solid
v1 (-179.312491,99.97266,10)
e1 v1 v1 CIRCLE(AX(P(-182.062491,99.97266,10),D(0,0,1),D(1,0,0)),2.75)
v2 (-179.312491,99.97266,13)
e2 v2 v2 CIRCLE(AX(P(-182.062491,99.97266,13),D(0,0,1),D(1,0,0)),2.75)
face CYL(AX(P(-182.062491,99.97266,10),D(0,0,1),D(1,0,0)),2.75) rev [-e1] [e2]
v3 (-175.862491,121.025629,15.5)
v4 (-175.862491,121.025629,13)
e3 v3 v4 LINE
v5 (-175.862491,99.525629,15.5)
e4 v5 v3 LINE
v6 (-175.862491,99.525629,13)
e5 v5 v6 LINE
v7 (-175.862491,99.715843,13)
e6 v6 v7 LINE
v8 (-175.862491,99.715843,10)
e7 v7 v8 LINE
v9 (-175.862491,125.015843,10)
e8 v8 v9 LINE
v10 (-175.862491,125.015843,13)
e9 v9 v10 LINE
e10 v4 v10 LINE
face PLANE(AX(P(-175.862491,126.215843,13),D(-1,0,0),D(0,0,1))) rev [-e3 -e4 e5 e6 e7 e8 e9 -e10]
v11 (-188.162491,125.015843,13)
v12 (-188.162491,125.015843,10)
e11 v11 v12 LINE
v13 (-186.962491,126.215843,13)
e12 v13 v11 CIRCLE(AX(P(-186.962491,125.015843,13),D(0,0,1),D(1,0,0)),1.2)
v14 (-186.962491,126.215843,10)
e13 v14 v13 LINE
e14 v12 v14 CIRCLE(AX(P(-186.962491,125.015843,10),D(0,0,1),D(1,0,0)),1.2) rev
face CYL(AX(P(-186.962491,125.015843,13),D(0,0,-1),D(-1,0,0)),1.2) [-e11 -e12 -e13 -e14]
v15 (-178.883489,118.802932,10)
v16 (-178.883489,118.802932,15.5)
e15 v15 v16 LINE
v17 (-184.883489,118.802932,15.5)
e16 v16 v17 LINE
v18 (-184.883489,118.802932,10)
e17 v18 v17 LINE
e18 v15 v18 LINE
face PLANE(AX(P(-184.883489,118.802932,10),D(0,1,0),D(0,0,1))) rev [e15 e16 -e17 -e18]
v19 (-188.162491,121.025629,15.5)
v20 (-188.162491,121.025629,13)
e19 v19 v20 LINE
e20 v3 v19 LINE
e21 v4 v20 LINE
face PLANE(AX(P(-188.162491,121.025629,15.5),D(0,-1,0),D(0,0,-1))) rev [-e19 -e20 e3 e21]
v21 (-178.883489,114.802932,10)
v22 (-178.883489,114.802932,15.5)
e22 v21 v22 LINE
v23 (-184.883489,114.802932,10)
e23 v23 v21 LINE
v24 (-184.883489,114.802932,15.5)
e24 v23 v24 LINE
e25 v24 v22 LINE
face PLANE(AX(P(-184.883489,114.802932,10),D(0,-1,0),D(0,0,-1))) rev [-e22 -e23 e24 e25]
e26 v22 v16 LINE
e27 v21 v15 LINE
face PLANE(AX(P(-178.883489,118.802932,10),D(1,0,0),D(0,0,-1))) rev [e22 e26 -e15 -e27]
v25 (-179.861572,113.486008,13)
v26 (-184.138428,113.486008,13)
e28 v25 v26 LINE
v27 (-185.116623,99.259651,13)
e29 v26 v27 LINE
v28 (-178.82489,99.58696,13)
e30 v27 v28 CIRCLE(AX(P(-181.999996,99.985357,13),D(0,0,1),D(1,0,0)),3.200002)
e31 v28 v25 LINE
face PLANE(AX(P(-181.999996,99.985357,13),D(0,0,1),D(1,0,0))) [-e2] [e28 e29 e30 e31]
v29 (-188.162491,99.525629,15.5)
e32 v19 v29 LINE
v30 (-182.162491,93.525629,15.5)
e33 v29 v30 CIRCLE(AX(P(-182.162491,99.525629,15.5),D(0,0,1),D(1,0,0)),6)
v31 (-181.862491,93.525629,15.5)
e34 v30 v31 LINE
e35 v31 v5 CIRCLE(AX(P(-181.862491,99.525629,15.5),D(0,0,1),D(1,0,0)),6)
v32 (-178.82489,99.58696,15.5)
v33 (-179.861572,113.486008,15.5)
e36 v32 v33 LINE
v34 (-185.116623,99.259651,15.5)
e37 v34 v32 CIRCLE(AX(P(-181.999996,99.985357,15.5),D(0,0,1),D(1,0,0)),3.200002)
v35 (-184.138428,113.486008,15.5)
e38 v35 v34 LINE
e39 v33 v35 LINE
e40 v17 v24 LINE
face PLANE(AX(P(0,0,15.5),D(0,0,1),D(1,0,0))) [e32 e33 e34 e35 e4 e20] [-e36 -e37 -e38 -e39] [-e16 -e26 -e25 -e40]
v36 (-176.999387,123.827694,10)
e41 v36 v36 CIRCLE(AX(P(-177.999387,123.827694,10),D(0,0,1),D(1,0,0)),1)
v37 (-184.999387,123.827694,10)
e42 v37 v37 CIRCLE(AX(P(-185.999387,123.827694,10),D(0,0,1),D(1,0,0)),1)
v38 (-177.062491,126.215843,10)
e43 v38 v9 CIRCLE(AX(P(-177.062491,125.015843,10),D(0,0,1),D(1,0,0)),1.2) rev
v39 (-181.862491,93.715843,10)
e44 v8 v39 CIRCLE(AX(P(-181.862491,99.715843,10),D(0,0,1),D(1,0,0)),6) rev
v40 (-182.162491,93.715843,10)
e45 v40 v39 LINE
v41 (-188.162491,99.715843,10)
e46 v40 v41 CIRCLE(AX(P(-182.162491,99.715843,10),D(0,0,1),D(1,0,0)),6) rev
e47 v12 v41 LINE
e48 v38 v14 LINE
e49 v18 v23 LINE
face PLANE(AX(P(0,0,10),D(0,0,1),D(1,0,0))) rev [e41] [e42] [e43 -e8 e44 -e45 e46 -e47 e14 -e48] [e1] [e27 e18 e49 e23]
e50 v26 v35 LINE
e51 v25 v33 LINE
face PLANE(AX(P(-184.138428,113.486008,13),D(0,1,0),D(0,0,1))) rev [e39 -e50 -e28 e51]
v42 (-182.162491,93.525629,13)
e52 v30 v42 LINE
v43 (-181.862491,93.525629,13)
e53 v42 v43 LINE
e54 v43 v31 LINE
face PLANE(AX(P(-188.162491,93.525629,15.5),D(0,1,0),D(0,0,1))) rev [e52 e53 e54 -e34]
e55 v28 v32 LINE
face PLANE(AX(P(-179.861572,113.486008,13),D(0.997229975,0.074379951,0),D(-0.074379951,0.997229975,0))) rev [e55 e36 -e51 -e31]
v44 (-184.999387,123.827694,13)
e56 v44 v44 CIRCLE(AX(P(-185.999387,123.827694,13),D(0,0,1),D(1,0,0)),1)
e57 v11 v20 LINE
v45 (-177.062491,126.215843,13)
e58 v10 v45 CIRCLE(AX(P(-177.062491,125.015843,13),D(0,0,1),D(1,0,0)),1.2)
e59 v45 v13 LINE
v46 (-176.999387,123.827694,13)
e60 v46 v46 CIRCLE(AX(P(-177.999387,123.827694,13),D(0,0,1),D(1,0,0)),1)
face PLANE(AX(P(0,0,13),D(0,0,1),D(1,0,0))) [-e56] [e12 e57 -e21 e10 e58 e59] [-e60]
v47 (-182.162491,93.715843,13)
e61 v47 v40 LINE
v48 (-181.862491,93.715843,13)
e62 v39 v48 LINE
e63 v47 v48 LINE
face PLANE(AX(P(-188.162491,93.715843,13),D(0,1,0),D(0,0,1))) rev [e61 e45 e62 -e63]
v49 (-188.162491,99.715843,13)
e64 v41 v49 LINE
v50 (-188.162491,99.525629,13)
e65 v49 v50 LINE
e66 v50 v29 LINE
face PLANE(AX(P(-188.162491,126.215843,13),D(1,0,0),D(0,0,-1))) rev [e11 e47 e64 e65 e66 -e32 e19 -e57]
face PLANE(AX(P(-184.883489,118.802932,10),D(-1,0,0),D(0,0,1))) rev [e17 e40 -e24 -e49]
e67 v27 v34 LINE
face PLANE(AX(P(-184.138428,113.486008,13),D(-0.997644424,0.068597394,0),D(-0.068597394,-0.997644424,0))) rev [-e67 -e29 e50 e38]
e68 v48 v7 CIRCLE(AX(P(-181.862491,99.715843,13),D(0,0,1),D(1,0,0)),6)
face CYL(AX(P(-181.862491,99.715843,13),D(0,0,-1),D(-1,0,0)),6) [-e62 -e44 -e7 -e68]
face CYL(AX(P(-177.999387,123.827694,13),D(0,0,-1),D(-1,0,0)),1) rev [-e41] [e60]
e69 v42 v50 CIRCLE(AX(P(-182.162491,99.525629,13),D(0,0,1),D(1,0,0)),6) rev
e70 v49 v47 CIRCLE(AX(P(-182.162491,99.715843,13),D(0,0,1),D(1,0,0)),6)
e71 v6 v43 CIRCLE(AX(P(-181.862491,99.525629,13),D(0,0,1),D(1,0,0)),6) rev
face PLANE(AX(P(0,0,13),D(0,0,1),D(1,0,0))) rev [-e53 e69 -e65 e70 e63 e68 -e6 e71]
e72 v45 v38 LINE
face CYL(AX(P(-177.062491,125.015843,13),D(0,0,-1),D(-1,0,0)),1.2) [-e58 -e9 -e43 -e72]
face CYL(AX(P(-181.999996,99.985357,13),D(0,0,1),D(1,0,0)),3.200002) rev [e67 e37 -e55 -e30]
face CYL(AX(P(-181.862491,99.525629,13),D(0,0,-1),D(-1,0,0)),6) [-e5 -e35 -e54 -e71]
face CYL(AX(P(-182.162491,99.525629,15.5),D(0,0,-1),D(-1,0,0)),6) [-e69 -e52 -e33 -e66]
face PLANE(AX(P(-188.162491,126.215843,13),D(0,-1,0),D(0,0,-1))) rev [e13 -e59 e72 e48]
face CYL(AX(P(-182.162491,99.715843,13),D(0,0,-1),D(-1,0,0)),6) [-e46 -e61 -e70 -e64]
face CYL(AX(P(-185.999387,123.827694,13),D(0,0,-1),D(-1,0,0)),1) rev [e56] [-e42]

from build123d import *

# Parameters (mm, degrees)
SKETCH1_W           = 12.3
SKETCH1_H           = 32.5
SKETCH1_R           = 1
BOSS_EXTRUDE1_DEPTH = 3
FILLET1_R           = 1.2
FILLET2_R           = 6
SKETCH2_W           = 12.3
SKETCH2_H           = 27.5
BOSS_EXTRUDE2_DEPTH = 2.5
FILLET3_R           = 6
SKETCH3_W           = 6
SKETCH3_H           = 4
CUT_EXTRUDE1_DEPTH  = 227.640270134
CUT_EXTRUDE2_DEPTH  = 2.5
SKETCH5_R           = 2.75
CUT_EXTRUDE3_DEPTH  = 227.593384825


with BuildPart() as part:
    # Sketch1 → Boss-Extrude1 (new body)
    with BuildSketch(Plane.XY.offset(10)):
        with Locations((-182.01249108, 109.965842893)):
            Rectangle(SKETCH1_W, SKETCH1_H)
        with Locations((-185.999386631, 123.827694148)):
            Circle(SKETCH1_R, mode=Mode.SUBTRACT)
        with Locations((-177.999386631, 123.827694148)):
            Circle(SKETCH1_R, mode=Mode.SUBTRACT)
    extrude(amount=BOSS_EXTRUDE1_DEPTH)

    # Fillet1
    fillet1_edges = [part.edges().sort_by_distance(p)[0] for p in [
        (-188.16249108, 126.215842893, 11.5),
        (-175.86249108, 126.215842893, 11.5),
    ]]
    fillet(fillet1_edges, radius=FILLET1_R)

    # Fillet2
    fillet2_edges = [part.edges().sort_by_distance(p)[0] for p in [
        (-175.86249108, 93.715842893, 11.5),
        (-188.16249108, 93.715842893, 11.5),
    ]]
    fillet(fillet2_edges, radius=FILLET2_R)

    # Sketch2 → Boss-Extrude2 (add)
    with BuildSketch(Plane.XY.offset(13)):
        with Locations((-182.01249108, 107.27562942)):
            Rectangle(SKETCH2_W, SKETCH2_H)
    extrude(amount=BOSS_EXTRUDE2_DEPTH)

    # Fillet3
    fillet3_edges = [part.edges().sort_by_distance(p)[0] for p in [
        (-188.16249108, 93.52562942, 14.25),
        (-175.86249108, 93.52562942, 14.25),
    ]]
    fillet(fillet3_edges, radius=FILLET3_R)

    # Sketch3 → Cut-Extrude1 (cut, through all)
    with BuildSketch(Plane.XY.offset(15.5)):
        with Locations((-181.88348906, 116.80293228)):
            Rectangle(SKETCH3_W, SKETCH3_H)
    extrude(amount=-CUT_EXTRUDE1_DEPTH, mode=Mode.SUBTRACT)

    # Sketch4 → Cut-Extrude2 (cut)
    with BuildSketch(Plane.XY.offset(15.5)):
        with BuildLine():
            Line((-184.138427734, 113.48600769), (-179.861572266, 113.48600769))
            Line((-179.861572266, 113.48600769), (-178.824890137, 99.586959839))
            ThreePointArc((-178.824890137, 99.586959839), (-181.83374979, 96.789675787), (-185.116622925, 99.259651184))
            Line((-185.116622925, 99.259651184), (-184.138427734, 113.48600769))
        make_face()
    extrude(amount=-CUT_EXTRUDE2_DEPTH, mode=Mode.SUBTRACT)

    # Sketch5 → Cut-Extrude3 (cut, through all)
    with BuildSketch(Plane.XY.offset(13)):
        with Locations((-182.06249108, 99.972659898)):
            Circle(SKETCH5_R)
    extrude(amount=-CUT_EXTRUDE3_DEPTH, mode=Mode.SUBTRACT)


solid = part.part
